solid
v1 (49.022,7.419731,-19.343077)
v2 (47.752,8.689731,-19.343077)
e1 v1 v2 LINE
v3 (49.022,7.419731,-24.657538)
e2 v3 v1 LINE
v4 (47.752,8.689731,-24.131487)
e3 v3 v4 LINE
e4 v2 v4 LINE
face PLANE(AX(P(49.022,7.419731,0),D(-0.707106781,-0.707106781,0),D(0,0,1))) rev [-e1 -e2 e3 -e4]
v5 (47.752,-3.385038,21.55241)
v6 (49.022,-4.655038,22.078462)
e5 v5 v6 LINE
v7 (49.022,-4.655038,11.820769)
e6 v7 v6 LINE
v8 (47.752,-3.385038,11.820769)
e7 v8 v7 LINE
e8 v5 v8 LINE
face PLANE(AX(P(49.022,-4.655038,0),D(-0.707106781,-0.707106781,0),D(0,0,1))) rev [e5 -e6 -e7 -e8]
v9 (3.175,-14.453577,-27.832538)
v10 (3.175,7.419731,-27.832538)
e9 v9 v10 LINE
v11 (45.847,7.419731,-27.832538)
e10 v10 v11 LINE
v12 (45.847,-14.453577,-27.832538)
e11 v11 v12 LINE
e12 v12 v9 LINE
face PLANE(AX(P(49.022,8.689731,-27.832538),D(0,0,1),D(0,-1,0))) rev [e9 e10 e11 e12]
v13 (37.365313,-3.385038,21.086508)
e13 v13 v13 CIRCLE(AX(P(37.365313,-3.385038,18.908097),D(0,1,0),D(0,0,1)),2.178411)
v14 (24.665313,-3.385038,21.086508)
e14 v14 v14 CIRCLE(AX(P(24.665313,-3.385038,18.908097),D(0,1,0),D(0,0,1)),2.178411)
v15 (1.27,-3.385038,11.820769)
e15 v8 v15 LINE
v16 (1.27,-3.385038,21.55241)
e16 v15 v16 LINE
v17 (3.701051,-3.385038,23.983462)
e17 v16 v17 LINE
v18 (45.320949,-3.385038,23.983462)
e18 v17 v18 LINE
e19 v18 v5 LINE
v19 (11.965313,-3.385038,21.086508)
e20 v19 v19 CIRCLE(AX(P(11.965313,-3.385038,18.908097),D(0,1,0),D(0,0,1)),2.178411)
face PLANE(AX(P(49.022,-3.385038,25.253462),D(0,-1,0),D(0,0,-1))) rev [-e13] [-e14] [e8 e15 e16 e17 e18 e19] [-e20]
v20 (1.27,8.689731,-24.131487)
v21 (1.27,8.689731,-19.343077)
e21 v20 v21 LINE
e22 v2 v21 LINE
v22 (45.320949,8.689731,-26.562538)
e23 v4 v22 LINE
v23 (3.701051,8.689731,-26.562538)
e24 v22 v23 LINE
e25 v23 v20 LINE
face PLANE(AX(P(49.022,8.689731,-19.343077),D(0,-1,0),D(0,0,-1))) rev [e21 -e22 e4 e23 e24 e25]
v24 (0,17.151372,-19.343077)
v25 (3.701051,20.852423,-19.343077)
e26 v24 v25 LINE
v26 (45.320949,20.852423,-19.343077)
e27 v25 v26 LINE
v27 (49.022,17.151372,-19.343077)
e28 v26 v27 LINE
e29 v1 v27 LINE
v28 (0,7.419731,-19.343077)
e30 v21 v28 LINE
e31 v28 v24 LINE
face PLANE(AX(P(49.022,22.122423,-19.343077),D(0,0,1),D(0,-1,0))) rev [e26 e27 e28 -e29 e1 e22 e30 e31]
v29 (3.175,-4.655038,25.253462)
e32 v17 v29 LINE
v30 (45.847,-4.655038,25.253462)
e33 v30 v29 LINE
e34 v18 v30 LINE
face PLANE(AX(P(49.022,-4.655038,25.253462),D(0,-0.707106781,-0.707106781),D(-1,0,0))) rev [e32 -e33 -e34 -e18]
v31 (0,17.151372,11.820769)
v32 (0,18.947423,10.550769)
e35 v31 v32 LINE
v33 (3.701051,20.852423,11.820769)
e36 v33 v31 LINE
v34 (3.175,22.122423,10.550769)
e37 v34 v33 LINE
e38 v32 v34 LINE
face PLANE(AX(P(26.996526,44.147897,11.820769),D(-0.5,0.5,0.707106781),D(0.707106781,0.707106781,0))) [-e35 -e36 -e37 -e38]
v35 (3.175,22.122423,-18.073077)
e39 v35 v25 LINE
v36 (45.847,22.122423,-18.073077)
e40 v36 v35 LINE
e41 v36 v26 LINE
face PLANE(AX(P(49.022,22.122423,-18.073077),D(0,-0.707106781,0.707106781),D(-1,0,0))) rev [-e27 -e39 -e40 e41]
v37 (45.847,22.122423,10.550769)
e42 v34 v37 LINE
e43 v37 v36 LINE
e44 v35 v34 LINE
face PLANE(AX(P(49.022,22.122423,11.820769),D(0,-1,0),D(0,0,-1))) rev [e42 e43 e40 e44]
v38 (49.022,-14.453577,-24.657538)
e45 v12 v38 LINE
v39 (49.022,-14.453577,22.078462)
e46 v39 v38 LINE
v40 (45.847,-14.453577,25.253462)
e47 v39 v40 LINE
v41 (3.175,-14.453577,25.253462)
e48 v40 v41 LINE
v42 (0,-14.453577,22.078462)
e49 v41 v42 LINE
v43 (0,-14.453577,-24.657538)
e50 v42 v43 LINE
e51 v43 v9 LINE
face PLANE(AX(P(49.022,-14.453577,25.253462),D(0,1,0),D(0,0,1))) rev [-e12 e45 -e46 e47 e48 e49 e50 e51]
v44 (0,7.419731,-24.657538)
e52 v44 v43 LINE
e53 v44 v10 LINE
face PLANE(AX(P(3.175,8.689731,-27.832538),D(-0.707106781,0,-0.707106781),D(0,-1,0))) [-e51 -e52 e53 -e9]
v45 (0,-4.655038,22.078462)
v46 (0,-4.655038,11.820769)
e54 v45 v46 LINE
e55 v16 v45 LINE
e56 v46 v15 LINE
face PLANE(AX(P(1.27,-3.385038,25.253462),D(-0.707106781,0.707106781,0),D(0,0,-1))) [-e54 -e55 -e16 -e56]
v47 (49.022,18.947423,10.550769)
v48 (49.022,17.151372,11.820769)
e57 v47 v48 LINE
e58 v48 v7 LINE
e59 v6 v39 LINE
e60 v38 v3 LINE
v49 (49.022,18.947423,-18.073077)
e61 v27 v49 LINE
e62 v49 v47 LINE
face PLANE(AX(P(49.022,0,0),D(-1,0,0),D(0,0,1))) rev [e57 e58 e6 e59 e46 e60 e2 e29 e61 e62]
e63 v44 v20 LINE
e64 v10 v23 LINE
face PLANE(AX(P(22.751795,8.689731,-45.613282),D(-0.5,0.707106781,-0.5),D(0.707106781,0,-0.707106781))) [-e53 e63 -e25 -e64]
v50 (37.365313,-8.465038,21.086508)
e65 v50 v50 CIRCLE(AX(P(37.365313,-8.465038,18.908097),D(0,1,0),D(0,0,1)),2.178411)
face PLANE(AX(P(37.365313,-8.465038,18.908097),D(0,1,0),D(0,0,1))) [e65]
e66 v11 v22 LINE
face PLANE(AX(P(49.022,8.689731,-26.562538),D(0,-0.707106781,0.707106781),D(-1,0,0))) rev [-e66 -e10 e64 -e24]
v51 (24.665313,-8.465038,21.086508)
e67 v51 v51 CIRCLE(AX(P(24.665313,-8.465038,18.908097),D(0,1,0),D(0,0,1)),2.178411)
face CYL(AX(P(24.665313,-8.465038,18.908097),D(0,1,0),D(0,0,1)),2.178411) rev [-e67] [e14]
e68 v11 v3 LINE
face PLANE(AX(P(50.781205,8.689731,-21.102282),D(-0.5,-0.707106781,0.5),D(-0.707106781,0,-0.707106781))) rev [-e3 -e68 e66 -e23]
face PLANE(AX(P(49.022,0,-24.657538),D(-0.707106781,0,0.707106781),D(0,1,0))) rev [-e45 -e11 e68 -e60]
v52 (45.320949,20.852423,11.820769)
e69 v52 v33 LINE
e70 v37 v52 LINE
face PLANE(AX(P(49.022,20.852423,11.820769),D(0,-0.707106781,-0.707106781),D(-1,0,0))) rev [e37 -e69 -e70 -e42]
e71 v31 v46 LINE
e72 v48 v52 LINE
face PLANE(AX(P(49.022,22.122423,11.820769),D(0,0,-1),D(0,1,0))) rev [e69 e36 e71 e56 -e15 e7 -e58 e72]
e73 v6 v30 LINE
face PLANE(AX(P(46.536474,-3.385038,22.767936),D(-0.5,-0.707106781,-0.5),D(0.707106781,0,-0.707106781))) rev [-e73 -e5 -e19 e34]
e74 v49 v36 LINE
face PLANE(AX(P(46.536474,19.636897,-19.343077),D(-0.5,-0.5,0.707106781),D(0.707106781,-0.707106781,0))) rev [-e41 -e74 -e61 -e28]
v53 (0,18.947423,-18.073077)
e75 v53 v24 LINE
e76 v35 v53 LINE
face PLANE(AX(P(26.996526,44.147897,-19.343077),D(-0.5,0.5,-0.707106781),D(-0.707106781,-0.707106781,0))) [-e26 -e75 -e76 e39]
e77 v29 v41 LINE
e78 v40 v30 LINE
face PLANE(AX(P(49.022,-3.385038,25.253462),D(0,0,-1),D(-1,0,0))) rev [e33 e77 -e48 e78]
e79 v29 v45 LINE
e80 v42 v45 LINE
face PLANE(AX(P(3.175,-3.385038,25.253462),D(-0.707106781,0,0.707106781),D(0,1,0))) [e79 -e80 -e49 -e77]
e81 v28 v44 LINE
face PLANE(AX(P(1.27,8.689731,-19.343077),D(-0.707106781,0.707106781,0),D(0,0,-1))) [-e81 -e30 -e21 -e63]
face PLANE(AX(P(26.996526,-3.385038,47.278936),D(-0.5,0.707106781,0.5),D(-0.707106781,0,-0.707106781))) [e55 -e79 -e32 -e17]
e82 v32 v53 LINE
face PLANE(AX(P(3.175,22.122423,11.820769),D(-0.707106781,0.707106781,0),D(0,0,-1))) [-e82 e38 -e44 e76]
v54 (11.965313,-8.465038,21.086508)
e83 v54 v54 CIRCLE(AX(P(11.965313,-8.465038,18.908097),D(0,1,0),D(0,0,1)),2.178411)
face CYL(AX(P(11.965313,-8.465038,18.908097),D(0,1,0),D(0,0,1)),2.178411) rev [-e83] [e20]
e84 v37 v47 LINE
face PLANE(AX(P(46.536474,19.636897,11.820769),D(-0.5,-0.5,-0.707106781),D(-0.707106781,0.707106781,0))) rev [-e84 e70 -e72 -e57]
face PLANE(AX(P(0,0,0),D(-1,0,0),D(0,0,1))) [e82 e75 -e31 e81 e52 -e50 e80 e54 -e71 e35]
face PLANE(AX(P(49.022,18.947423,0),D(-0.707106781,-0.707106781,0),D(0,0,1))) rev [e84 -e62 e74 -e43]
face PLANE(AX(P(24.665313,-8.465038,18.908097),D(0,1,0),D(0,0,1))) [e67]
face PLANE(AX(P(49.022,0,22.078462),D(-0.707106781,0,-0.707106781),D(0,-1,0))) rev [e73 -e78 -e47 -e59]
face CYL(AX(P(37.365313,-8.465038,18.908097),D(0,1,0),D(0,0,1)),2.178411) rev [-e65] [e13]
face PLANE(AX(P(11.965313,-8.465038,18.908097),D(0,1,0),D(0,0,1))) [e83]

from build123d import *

# Parameters (mm, degrees)
BOSS_EXTRUDE1_DEPTH = 49.022
CHAMFER4_SIZE       = 3.175
CHAMFER5_SIZE       = 3.175
CHAMFER6_SIZE       = 3.175
SKETCH4_R           = 2.178410544
CUT_EXTRUDE1_DEPTH  = 5.08
CHAMFER7_SIZE       = 1.27
CHAMFER8_SIZE       = 1.27
CHAMFER9_SIZE       = 1.27


with BuildPart() as part:
    # Sketch1 → Boss-Extrude1 (new body)
    with BuildSketch(Plane(origin=(0, 0, 0), x_dir=(0, 0, -1), z_dir=(1, 0, 0))):
        Polygon((19.343076923, 8.689730769), (27.832538462, 8.689730769), (27.832538462, -14.453576923), (-25.253461538, -14.453576923), (-25.253461538, -3.385038462), (-11.820769231, -3.385038462), (-11.820769231, 22.122423077), (19.343076923, 22.122423077), align=None)
    extrude(amount=BOSS_EXTRUDE1_DEPTH)

    # Chamfer4
    chamfer4_edges = [part.edges().sort_by_distance(p)[0] for p in [
        (0, 22.122423077, -3.761153846),
    ]]
    chamfer(chamfer4_edges, length=CHAMFER4_SIZE)

    # Chamfer5
    chamfer5_edges = [part.edges().sort_by_distance(p)[0] for p in [
        (49.022, 22.122423077, -3.761153846),
    ]]
    chamfer(chamfer5_edges, length=CHAMFER5_SIZE)

    # Chamfer6
    chamfer6_edges = [part.edges().sort_by_distance(p)[0] for p in [
        (0, -2.881923077, -27.832538462),
        (0, -8.919307692, 25.253461538),
        (49.022, -2.881923077, -27.832538462),
        (49.022, -8.919307692, 25.253461538),
    ]]
    chamfer(chamfer6_edges, length=CHAMFER6_SIZE)

    # Sketch4 → Cut-Extrude1 (cut)
    with BuildSketch(Plane(origin=(0, -3.385038462, 0), x_dir=(1, 0, 0), z_dir=(0, 1, 0))):
        with Locations(Location((24.66531327, -18.90809717, 0), (0, 0, 270))):
            Circle(SKETCH4_R)
        with Locations(Location((37.36531327, -18.90809717, 0), (0, 0, 270))):
            Circle(SKETCH4_R)
        with Locations(Location((11.96531327, -18.90809717, 0), (0, 0, 270))):
            Circle(SKETCH4_R)
    extrude(amount=-CUT_EXTRUDE1_DEPTH, mode=Mode.SUBTRACT)

    # Chamfer7
    chamfer7_edges = [part.edges().sort_by_distance(p)[0] for p in [
        (49.022, 8.689730769, -22.000307692),
        (0, 8.689730769, -22.000307692),
        (24.511, 8.689730769, -27.832538462),
        (1.5875, 8.689730769, -26.245038462),
        (47.4345, 8.689730769, -26.245038462),
    ]]
    chamfer(chamfer7_edges, length=CHAMFER7_SIZE)

    # Chamfer8
    chamfer8_edges = [part.edges().sort_by_distance(p)[0] for p in [
        (0, -3.385038462, 16.949615385),
        (49.022, -3.385038462, 16.949615385),
        (24.511, -3.385038462, 25.253461538),
        (1.5875, -3.385038462, 23.665961538),
        (47.4345, -3.385038462, 23.665961538),
    ]]
    chamfer(chamfer8_edges, length=CHAMFER8_SIZE)

    # Chamfer9
    chamfer9_edges = [part.edges().sort_by_distance(p)[0] for p in [
        (1.5875, 20.534923077, 11.820769231),
        (1.5875, 20.534923077, -19.343076923),
        (24.511, 22.122423077, 11.820769231),
        (47.4345, 20.534923077, 11.820769231),
        (24.511, 22.122423077, -19.343076923),
        (47.4345, 20.534923077, -19.343076923),
    ]]
    chamfer(chamfer9_edges, length=CHAMFER9_SIZE)


solid = part.part
